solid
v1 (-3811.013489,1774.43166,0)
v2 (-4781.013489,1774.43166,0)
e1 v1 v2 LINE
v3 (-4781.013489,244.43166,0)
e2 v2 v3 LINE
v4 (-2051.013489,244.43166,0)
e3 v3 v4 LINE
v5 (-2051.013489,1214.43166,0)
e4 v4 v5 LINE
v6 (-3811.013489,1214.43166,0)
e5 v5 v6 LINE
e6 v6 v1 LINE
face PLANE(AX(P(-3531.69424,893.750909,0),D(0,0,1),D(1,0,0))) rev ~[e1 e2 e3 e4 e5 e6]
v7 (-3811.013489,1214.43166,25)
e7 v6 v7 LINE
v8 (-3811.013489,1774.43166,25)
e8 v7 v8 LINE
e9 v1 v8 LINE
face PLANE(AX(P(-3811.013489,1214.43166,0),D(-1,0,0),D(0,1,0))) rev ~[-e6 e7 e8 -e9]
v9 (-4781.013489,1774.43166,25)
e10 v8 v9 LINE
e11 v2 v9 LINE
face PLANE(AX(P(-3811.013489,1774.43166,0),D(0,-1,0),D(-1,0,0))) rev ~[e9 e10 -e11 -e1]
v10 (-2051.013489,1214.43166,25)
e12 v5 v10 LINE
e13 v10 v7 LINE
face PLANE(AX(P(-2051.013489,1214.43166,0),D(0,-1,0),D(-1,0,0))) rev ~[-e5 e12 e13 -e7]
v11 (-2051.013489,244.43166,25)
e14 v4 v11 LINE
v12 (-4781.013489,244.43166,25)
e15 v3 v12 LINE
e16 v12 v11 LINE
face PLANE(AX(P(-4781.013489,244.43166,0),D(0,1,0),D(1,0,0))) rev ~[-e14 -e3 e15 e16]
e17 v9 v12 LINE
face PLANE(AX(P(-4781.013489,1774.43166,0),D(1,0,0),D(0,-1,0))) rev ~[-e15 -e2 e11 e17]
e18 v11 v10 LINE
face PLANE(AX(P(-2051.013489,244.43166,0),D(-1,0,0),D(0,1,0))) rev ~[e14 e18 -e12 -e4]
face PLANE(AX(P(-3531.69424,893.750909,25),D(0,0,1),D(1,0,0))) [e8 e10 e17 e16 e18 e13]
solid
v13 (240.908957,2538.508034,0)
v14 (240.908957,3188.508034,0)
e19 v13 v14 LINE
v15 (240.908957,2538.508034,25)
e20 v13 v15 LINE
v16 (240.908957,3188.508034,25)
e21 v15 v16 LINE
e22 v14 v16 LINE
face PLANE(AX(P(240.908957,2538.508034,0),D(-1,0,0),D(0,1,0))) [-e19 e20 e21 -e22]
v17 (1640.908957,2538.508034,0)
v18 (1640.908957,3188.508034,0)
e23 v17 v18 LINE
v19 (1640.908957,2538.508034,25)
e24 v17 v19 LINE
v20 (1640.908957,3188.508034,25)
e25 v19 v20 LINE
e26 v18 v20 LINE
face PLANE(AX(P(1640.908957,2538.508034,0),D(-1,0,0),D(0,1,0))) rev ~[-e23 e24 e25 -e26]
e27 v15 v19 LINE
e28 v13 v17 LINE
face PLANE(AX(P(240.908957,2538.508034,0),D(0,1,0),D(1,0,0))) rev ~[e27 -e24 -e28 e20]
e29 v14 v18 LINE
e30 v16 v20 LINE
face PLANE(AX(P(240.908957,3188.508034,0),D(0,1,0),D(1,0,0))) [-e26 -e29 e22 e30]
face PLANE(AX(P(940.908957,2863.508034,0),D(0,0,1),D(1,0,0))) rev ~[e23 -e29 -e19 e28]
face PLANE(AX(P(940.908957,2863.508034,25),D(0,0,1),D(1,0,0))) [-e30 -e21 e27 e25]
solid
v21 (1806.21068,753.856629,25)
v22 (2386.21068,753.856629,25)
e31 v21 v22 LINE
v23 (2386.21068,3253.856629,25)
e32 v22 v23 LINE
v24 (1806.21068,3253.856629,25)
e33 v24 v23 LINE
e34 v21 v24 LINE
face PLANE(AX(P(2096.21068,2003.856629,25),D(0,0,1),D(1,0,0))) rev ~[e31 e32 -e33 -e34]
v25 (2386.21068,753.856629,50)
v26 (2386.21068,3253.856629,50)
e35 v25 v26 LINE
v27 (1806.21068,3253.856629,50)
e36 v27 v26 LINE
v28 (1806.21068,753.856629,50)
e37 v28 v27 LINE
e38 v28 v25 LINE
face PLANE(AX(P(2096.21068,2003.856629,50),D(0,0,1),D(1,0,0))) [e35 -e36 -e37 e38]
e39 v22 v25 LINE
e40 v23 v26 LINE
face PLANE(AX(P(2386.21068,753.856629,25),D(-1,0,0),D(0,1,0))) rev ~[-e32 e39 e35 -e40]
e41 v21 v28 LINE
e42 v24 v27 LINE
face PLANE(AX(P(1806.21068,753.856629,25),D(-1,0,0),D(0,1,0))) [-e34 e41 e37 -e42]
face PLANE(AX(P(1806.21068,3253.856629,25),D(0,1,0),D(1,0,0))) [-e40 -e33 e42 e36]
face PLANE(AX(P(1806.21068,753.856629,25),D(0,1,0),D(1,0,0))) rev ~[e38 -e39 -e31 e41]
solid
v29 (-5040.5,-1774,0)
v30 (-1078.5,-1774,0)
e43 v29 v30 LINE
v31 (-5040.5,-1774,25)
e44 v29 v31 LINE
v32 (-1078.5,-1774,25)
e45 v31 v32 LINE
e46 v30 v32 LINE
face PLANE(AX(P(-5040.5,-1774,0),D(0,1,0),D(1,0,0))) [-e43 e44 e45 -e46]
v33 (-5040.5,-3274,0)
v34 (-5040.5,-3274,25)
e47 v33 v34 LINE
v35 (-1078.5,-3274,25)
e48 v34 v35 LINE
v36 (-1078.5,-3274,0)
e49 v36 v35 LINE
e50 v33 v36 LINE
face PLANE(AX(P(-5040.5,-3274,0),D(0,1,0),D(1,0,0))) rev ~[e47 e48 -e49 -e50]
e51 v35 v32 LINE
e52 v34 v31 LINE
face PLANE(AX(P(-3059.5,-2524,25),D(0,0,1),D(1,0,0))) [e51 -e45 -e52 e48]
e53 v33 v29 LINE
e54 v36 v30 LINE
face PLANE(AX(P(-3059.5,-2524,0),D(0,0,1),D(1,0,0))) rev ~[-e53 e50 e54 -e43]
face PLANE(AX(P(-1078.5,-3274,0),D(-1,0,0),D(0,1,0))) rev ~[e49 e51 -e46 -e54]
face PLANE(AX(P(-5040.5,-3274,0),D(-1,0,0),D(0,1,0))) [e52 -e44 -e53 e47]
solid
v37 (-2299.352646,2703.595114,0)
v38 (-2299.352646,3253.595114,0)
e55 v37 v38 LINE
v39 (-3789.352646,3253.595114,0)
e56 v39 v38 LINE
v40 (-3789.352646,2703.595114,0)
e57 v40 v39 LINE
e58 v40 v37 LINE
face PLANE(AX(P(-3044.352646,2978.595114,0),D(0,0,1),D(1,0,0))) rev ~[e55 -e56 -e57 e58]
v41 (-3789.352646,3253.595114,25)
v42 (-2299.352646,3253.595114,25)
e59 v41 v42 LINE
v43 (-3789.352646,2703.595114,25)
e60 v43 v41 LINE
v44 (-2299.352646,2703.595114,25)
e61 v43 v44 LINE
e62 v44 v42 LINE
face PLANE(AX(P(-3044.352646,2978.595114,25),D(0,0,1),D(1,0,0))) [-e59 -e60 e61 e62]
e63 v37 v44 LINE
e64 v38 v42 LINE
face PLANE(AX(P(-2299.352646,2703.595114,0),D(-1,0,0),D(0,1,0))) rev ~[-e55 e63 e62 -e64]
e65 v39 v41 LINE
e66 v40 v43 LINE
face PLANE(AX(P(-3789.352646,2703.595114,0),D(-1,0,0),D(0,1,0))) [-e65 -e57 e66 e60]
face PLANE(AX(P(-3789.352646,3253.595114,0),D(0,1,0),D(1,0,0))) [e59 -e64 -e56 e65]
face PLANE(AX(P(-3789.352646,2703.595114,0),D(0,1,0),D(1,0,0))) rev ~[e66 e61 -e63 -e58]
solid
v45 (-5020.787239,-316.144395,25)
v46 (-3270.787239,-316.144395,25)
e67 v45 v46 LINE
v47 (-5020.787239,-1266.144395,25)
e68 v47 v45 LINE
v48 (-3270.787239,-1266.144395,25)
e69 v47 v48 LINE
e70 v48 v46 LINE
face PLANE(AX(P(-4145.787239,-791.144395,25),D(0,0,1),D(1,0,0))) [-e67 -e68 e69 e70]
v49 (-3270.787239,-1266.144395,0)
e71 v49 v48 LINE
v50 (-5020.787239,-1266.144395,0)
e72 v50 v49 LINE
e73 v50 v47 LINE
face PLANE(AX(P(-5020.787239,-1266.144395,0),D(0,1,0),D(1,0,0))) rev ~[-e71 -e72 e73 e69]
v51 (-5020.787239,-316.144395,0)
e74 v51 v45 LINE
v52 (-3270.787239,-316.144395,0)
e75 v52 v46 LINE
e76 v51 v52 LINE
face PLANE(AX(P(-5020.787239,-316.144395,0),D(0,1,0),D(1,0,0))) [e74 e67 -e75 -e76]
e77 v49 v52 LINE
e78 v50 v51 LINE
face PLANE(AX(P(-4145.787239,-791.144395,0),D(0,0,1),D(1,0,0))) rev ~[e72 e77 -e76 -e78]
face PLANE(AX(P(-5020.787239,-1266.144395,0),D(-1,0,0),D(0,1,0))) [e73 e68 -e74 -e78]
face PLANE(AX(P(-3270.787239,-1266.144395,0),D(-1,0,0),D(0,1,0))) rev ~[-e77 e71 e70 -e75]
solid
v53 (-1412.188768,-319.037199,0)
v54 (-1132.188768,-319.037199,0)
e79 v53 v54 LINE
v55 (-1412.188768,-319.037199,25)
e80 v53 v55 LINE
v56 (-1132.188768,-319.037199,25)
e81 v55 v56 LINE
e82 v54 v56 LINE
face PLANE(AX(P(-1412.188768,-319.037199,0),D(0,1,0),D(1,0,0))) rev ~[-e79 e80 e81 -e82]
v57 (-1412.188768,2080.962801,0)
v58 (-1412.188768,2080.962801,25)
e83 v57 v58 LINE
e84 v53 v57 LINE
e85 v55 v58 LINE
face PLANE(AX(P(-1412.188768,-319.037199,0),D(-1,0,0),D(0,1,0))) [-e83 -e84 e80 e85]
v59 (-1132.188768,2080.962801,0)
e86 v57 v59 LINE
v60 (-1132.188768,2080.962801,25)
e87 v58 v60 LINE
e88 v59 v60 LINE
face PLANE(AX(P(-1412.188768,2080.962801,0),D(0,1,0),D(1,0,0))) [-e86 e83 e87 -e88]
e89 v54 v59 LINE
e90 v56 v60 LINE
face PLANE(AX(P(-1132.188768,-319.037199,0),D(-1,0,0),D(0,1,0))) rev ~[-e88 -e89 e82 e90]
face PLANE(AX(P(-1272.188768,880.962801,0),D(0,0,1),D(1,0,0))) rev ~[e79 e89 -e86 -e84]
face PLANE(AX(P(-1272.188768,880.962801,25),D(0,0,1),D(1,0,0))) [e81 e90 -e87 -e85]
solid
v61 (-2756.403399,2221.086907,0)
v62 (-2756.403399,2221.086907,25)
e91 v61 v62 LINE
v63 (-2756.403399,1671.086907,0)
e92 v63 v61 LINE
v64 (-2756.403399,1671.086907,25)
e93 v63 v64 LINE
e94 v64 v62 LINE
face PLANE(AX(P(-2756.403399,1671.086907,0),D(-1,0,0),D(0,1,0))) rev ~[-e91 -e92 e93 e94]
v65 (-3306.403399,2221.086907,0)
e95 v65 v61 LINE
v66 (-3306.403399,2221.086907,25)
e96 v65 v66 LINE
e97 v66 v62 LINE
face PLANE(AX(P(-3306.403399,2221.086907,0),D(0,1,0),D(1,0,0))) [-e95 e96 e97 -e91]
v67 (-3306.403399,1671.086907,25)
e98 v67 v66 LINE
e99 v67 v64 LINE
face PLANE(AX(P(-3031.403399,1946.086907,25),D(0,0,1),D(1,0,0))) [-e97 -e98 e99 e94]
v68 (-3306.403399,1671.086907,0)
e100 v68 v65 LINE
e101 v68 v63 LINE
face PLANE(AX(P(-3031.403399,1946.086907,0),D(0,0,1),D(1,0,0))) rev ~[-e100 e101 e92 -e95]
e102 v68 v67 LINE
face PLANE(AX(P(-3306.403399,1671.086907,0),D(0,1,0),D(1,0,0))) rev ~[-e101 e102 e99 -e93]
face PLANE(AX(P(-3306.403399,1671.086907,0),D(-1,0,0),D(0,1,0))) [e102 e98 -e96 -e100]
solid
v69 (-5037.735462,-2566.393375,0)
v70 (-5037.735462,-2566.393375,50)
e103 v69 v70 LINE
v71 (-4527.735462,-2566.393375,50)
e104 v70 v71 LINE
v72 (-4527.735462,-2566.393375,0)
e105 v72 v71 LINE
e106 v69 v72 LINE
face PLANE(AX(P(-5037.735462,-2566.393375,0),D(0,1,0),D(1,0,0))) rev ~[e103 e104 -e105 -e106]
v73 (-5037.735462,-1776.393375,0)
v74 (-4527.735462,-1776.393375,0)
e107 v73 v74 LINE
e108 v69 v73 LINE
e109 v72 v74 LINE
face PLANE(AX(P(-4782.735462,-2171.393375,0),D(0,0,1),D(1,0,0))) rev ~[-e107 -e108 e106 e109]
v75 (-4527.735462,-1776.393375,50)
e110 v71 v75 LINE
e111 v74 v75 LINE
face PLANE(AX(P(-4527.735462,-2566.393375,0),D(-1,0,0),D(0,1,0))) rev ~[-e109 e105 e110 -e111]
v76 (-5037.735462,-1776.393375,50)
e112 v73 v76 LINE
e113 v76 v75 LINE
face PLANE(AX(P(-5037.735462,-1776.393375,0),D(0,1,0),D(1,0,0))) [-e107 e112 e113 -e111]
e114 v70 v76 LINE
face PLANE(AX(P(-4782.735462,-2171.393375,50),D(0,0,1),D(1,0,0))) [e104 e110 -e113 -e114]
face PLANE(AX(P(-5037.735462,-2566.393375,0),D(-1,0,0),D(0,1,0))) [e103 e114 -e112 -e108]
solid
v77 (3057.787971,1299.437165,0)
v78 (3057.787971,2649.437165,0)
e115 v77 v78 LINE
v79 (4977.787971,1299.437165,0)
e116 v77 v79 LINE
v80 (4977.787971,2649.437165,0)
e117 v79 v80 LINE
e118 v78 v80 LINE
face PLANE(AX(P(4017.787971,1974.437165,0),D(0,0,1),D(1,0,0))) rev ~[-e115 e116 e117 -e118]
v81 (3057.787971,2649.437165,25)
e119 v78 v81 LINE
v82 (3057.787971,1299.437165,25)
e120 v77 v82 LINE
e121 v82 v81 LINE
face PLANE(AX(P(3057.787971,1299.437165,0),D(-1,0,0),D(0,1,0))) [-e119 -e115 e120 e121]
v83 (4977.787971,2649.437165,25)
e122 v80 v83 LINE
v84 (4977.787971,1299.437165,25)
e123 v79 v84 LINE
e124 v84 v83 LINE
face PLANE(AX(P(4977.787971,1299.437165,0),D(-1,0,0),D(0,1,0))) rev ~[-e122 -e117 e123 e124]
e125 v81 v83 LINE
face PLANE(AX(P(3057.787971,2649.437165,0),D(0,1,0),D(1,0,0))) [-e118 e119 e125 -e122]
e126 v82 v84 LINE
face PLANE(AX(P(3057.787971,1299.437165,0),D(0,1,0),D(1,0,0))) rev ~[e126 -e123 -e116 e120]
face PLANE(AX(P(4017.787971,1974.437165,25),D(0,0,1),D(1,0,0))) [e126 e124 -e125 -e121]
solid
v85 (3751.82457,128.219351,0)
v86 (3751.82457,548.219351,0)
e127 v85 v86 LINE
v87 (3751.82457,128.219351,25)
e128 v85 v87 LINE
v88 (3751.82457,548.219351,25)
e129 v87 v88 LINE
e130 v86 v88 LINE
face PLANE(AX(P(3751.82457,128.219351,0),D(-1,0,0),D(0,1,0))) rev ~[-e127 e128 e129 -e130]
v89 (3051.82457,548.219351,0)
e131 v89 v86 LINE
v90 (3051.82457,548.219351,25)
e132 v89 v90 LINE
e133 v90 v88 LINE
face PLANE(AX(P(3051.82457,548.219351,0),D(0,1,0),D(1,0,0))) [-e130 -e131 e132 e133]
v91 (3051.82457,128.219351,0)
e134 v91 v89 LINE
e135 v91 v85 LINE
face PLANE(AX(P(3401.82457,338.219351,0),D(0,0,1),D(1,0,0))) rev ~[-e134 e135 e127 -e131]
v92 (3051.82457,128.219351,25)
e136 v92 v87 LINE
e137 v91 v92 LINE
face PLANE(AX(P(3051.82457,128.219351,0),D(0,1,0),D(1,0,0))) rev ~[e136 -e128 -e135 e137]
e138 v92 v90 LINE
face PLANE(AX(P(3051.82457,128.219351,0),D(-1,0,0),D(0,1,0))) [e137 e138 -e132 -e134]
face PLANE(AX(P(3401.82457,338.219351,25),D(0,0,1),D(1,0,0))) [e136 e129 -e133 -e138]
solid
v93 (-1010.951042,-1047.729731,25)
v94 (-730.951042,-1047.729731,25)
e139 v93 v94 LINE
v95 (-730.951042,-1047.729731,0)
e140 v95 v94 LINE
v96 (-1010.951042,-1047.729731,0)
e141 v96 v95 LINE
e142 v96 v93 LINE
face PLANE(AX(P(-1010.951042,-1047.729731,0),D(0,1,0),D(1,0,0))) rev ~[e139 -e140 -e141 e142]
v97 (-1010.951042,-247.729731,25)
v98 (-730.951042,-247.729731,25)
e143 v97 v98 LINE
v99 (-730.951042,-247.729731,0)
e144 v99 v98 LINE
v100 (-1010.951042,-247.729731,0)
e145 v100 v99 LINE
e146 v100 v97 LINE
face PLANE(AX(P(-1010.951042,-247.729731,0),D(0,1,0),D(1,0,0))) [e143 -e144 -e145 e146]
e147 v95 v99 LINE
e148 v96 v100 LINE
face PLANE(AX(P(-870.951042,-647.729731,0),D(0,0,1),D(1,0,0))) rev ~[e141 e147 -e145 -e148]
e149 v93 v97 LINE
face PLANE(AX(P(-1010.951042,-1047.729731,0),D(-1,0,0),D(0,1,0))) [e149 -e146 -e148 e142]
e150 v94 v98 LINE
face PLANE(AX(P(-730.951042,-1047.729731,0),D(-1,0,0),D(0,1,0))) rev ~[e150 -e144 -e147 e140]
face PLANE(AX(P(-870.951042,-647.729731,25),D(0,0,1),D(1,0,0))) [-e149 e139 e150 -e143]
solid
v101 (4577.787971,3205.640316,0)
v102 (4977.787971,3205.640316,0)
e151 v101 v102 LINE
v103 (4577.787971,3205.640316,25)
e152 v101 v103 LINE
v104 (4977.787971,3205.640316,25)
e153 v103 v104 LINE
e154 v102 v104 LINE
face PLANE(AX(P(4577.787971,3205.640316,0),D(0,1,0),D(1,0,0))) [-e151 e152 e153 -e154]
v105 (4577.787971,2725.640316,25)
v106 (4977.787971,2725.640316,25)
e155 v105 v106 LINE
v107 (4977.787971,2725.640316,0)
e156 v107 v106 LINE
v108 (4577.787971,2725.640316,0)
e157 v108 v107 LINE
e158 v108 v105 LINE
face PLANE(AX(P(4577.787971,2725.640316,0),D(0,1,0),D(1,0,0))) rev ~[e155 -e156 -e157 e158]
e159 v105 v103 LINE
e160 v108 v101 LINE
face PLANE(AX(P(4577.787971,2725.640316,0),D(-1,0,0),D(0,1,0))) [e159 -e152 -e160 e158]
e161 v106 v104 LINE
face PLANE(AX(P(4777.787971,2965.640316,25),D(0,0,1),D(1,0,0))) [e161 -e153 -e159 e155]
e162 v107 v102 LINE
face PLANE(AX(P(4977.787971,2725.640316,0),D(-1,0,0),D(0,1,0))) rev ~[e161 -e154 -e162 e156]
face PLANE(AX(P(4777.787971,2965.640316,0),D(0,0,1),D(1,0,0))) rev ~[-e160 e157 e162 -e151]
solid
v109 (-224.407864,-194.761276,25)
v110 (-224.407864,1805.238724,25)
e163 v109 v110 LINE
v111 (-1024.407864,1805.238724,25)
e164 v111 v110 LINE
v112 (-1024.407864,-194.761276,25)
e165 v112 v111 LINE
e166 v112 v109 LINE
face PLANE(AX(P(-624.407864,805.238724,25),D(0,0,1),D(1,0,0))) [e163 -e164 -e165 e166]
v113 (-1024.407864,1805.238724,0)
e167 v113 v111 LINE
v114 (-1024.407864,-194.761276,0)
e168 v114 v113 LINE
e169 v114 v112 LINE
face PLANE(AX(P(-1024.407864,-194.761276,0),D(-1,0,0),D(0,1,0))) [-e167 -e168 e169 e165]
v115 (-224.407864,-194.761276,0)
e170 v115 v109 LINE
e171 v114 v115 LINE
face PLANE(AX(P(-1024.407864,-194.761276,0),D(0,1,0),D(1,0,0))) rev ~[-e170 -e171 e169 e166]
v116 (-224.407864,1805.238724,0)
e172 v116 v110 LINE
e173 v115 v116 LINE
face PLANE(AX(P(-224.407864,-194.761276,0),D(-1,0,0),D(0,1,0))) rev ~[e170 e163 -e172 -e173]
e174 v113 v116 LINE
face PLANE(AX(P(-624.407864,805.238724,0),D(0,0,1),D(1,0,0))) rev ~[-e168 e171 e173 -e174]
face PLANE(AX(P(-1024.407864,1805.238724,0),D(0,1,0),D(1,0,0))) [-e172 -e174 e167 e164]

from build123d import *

# Parameters (mm, degrees)
F2_W      = 1920
F2_H      = 1350
F3_DEPTH  = 25
F4_W      = 580
F4_H      = 2500
F5_DEPTH  = 25
F6_W      = 700
F6_H      = 420
F7_DEPTH  = 25
F8_W      = 800
F8_H      = 2000
F9_DEPTH  = 25
F10_W     = 3962
F10_H     = 1500
F11_DEPTH = 25
F13_DEPTH = 25
F14_W     = 1750
F14_H     = 950
F15_DEPTH = 25
F16_W     = 400
F16_H     = 480
F17_DEPTH = 25
F18_W     = 1400
F18_H     = 650
F19_DEPTH = 25
F20_W     = 280
F20_H     = 2400
F21_DEPTH = 25
F22_W     = 1490
F22_H     = 550
F23_DEPTH = 25
F24_W     = 550
F24_H     = 550
F25_DEPTH = 25
F26_W     = 280
F26_H     = 800
F27_DEPTH = 25
F28_W     = 510
F28_H     = 790
F29_DEPTH = 50


with BuildPart() as f3:
    # F2 (on face) → F3 (new body)
    with BuildSketch(Plane.XY):
        with Locations((4017.787971, 1974.437165)):
            Rectangle(F2_W, F2_H)
    extrude(amount=F3_DEPTH)


with BuildPart() as f5:
    # F4 (on face) → F5 (new body)
    with BuildSketch(Plane.XY.offset(25)):
        with Locations((2096.21068, 2003.856629)):
            Rectangle(F4_W, F4_H)
    extrude(amount=F5_DEPTH)


with BuildPart() as f7:
    # F6 (on face) → F7 (new body)
    with BuildSketch(Plane.XY):
        with Locations((3401.82457, 338.219351)):
            Rectangle(F6_W, F6_H)
    extrude(amount=F7_DEPTH)


with BuildPart() as f9:
    # F8 (on face) → F9 (new body)
    with BuildSketch(Plane.XY):
        with Locations((-624.407864, 805.238724)):
            Rectangle(F8_W, F8_H)
    extrude(amount=F9_DEPTH)


with BuildPart() as f11:
    # F10 (on face) → F11 (new body)
    with BuildSketch(Plane.XY):
        with Locations((-3059.5, -2524)):
            Rectangle(F10_W, F10_H)
    extrude(amount=F11_DEPTH)


with BuildPart() as f13:
    # F12 (on face) → F13 (new body)
    with BuildSketch(Plane.XY):
        Polygon((-3811.013489, 1774.43166), (-4781.013489, 1774.43166), (-4781.013489, 244.43166), (-2051.013489, 244.43166), (-2051.013489, 1214.43166), (-3811.013489, 1214.43166), align=None)
    extrude(amount=F13_DEPTH)


with BuildPart() as f15:
    # F14 (on face) → F15 (new body)
    with BuildSketch(Plane.XY):
        with Locations((-4145.787239, -791.144395)):
            Rectangle(F14_W, F14_H)
    extrude(amount=F15_DEPTH)


with BuildPart() as f17:
    # F16 (on face) → F17 (new body)
    with BuildSketch(Plane.XY):
        with Locations((4777.787971, 2965.640316)):
            Rectangle(F16_W, F16_H)
    extrude(amount=F17_DEPTH)


with BuildPart() as f19:
    # F18 (on face) → F19 (new body)
    with BuildSketch(Plane.XY):
        with Locations((940.908957, 2863.508034)):
            Rectangle(F18_W, F18_H)
    extrude(amount=F19_DEPTH)


with BuildPart() as f21:
    # F20 (on face) → F21 (new body)
    with BuildSketch(Plane.XY):
        with Locations((-1272.188768, 880.962801)):
            Rectangle(F20_W, F20_H)
    extrude(amount=F21_DEPTH)


with BuildPart() as f23:
    # F22 (on face) → F23 (new body)
    with BuildSketch(Plane.XY):
        with Locations((-3044.352646, 2978.595114)):
            Rectangle(F22_W, F22_H)
    extrude(amount=F23_DEPTH)


with BuildPart() as f25:
    # F24 (on face) → F25 (new body)
    with BuildSketch(Plane.XY):
        with Locations((-3031.403399, 1946.086907)):
            Rectangle(F24_W, F24_H)
    extrude(amount=F25_DEPTH)


with BuildPart() as f27:
    # F26 (on face) → F27 (new body)
    with BuildSketch(Plane.XY):
        with Locations((-870.951042, -647.729731)):
            Rectangle(F26_W, F26_H)
    extrude(amount=F27_DEPTH)


with BuildPart() as f29:
    # F28 (on face) → F29 (new body)
    with BuildSketch(Plane.XY):
        with Locations((-4782.735462, -2171.393375)):
            Rectangle(F28_W, F28_H)
    extrude(amount=F29_DEPTH)


solid = Compound([f3.part, f5.part, f7.part, f9.part, f11.part, f13.part, f15.part, f17.part, f19.part, f21.part, f23.part, f25.part, f27.part, f29.part])
